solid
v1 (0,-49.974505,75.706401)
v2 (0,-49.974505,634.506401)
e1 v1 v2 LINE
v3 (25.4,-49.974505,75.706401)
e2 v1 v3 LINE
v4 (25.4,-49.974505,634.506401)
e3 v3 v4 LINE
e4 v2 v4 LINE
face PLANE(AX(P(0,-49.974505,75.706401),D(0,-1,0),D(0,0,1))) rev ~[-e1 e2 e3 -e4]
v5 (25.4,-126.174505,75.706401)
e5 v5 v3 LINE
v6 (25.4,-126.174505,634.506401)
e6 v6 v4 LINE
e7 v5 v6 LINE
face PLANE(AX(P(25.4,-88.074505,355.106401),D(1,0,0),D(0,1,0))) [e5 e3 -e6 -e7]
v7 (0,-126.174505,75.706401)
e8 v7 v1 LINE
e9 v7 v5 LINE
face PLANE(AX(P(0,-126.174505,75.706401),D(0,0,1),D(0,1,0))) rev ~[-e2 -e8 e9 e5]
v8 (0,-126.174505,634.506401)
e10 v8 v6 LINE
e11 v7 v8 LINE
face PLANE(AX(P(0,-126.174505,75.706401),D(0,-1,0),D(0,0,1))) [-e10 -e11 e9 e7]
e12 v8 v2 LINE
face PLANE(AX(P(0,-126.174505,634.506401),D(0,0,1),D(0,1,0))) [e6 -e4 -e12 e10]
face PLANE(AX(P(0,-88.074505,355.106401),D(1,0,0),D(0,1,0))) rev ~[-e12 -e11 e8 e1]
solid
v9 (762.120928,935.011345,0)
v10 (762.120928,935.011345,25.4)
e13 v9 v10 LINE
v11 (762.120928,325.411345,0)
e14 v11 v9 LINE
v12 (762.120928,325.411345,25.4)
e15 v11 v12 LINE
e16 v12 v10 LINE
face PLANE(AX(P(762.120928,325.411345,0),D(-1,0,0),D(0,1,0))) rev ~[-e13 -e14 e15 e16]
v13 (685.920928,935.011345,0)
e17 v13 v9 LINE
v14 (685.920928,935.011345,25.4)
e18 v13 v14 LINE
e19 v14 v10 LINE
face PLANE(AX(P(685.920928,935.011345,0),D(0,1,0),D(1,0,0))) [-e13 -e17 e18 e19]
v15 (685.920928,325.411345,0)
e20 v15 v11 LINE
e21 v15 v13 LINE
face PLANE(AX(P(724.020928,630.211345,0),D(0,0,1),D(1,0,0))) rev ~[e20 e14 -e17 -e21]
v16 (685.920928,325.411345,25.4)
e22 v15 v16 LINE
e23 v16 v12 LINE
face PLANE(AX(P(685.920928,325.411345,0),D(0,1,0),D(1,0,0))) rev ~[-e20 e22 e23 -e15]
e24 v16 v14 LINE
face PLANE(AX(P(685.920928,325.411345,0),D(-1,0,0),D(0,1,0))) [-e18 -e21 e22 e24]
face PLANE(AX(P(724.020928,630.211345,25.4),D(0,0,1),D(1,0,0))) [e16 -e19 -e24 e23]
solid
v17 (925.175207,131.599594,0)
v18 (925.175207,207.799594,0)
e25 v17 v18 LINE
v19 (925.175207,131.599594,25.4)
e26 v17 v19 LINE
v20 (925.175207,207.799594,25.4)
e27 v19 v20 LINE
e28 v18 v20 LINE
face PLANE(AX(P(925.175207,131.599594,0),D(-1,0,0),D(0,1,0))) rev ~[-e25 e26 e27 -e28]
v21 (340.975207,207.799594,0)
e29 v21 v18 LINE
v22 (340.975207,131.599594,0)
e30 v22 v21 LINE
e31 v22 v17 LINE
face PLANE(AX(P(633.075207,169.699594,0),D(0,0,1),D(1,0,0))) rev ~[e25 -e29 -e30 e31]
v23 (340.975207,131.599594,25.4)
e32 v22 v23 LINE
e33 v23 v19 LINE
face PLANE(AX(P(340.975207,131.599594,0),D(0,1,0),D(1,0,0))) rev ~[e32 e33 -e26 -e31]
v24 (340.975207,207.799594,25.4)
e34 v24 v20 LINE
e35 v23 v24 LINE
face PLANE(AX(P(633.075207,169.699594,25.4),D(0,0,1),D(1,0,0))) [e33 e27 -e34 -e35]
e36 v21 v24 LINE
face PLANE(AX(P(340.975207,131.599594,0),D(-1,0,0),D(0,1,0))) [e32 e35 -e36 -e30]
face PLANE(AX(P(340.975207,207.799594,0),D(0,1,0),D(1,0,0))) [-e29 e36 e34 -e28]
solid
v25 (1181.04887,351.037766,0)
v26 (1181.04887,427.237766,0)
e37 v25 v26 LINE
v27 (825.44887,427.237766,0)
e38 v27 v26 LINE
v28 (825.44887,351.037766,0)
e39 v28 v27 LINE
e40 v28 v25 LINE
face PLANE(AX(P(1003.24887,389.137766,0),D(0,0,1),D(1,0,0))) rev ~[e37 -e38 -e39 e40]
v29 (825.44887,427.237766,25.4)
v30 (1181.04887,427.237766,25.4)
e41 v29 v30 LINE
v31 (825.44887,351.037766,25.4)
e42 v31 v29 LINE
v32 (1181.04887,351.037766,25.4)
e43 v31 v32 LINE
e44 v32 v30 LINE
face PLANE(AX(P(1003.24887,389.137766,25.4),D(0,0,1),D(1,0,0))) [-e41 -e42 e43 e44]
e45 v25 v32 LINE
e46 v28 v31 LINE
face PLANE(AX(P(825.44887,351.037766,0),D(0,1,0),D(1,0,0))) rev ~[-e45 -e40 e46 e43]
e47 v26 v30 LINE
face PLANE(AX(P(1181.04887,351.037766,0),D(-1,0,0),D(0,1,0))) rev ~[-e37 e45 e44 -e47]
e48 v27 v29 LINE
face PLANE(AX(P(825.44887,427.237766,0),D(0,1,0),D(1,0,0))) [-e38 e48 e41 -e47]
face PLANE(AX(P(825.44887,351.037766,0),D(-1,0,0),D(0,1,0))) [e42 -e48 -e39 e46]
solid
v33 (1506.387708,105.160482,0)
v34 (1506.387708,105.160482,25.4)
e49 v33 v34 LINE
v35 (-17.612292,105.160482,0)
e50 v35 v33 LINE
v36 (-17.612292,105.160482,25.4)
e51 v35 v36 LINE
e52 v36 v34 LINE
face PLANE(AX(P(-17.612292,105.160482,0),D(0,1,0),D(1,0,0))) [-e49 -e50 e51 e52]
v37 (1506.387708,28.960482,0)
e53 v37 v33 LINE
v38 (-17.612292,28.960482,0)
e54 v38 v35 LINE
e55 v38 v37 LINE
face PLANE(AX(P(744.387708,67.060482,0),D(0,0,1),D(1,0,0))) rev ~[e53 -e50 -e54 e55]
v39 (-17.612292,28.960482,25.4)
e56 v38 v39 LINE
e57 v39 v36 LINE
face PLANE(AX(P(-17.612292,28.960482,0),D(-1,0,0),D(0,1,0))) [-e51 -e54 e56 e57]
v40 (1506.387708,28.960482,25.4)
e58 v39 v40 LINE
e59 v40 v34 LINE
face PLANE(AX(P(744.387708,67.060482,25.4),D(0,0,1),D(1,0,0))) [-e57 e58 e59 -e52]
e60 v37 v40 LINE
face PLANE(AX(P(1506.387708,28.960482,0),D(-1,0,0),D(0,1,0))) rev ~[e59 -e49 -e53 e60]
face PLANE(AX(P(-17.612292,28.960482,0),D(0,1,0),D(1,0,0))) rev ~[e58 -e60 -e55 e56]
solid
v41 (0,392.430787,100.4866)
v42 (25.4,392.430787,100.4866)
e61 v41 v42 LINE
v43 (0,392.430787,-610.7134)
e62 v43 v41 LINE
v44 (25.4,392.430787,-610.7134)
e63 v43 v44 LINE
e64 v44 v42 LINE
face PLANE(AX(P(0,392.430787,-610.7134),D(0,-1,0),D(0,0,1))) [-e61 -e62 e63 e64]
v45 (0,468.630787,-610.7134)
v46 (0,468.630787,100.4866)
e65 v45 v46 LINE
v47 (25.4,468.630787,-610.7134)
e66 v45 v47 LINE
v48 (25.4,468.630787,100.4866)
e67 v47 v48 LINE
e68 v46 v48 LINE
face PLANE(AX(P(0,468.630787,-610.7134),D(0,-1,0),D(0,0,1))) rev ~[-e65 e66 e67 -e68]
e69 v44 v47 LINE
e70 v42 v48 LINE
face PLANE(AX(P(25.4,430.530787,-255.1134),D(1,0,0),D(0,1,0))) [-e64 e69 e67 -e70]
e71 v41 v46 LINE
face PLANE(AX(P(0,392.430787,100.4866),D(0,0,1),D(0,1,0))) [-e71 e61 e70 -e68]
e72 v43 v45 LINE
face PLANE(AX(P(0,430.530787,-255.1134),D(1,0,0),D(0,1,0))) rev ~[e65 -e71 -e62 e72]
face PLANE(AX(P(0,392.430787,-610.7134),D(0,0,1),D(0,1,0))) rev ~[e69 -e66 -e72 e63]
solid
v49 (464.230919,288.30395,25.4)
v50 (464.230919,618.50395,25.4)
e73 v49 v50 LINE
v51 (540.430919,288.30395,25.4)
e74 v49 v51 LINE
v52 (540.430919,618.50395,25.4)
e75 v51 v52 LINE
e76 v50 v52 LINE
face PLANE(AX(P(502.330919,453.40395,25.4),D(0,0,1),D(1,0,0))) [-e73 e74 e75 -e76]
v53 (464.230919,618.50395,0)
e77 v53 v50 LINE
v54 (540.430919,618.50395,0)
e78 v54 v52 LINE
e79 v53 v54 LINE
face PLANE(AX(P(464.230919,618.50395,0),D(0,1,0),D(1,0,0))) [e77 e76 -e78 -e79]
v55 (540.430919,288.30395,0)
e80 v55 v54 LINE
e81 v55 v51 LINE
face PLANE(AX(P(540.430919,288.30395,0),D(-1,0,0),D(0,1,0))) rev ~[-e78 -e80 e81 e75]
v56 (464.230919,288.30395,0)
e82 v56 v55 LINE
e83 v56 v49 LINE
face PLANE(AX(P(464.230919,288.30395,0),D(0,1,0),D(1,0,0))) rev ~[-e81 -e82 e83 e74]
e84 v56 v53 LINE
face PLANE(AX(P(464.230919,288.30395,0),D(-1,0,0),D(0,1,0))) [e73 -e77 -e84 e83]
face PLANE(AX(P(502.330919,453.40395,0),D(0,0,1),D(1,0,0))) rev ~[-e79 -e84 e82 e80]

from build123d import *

# Parameters (mm, degrees)
F0_W      = 1524
F0_H      = 76.2
F1_DEPTH  = 25.4
F2_W      = 76.2
F2_H      = 711.2
F3_DEPTH  = 25.4
F4_W      = 76.2
F4_H      = 558.8
F5_DEPTH  = 25.4
F6_W      = 76.2
F6_H      = 330.2
F7_DEPTH  = 25.4
F8_W      = 584.2
F8_H      = 76.2
F9_DEPTH  = 25.4
F10_W     = 76.2
F10_H     = 609.6
F11_DEPTH = 25.4
F12_W     = 355.6
F12_H     = 76.2
F13_DEPTH = 25.4


with BuildPart() as f1:
    # F0 (on Top) → F1 (new body)
    with BuildSketch(Plane.XY):
        with Locations((744.387708, 67.060482)):
            Rectangle(F0_W, F0_H)
    extrude(amount=F1_DEPTH)


with BuildPart() as f3:
    # F2 (on Right) → F3 (new body)
    with BuildSketch(Plane.YZ):
        with Locations((430.530787, -255.1134)):
            Rectangle(F2_W, F2_H)
    extrude(amount=F3_DEPTH)


with BuildPart() as f5:
    # F4 (on Right) → F5 (new body)
    with BuildSketch(Plane.YZ):
        with Locations((-88.074505, 355.106401)):
            Rectangle(F4_W, F4_H)
    extrude(amount=F5_DEPTH)


with BuildPart() as f7:
    # F6 (on Top) → F7 (new body)
    with BuildSketch(Plane.XY):
        with Locations((502.330919, 453.40395)):
            Rectangle(F6_W, F6_H)
    extrude(amount=F7_DEPTH)


with BuildPart() as f9:
    # F8 (on Top) → F9 (new body)
    with BuildSketch(Plane.XY):
        with Locations((633.075207, 169.699594)):
            Rectangle(F8_W, F8_H)
    extrude(amount=F9_DEPTH)


with BuildPart() as f11:
    # F10 (on Top) → F11 (new body)
    with BuildSketch(Plane.XY):
        with Locations((724.020928, 630.211345)):
            Rectangle(F10_W, F10_H)
    extrude(amount=F11_DEPTH)


with BuildPart() as f13:
    # F12 (on Top) → F13 (new body)
    with BuildSketch(Plane.XY):
        with Locations((1003.24887, 389.137766)):
            Rectangle(F12_W, F12_H)
    extrude(amount=F13_DEPTH)


solid = Compound([f1.part, f3.part, f5.part, f7.part, f9.part, f11.part, f13.part])
